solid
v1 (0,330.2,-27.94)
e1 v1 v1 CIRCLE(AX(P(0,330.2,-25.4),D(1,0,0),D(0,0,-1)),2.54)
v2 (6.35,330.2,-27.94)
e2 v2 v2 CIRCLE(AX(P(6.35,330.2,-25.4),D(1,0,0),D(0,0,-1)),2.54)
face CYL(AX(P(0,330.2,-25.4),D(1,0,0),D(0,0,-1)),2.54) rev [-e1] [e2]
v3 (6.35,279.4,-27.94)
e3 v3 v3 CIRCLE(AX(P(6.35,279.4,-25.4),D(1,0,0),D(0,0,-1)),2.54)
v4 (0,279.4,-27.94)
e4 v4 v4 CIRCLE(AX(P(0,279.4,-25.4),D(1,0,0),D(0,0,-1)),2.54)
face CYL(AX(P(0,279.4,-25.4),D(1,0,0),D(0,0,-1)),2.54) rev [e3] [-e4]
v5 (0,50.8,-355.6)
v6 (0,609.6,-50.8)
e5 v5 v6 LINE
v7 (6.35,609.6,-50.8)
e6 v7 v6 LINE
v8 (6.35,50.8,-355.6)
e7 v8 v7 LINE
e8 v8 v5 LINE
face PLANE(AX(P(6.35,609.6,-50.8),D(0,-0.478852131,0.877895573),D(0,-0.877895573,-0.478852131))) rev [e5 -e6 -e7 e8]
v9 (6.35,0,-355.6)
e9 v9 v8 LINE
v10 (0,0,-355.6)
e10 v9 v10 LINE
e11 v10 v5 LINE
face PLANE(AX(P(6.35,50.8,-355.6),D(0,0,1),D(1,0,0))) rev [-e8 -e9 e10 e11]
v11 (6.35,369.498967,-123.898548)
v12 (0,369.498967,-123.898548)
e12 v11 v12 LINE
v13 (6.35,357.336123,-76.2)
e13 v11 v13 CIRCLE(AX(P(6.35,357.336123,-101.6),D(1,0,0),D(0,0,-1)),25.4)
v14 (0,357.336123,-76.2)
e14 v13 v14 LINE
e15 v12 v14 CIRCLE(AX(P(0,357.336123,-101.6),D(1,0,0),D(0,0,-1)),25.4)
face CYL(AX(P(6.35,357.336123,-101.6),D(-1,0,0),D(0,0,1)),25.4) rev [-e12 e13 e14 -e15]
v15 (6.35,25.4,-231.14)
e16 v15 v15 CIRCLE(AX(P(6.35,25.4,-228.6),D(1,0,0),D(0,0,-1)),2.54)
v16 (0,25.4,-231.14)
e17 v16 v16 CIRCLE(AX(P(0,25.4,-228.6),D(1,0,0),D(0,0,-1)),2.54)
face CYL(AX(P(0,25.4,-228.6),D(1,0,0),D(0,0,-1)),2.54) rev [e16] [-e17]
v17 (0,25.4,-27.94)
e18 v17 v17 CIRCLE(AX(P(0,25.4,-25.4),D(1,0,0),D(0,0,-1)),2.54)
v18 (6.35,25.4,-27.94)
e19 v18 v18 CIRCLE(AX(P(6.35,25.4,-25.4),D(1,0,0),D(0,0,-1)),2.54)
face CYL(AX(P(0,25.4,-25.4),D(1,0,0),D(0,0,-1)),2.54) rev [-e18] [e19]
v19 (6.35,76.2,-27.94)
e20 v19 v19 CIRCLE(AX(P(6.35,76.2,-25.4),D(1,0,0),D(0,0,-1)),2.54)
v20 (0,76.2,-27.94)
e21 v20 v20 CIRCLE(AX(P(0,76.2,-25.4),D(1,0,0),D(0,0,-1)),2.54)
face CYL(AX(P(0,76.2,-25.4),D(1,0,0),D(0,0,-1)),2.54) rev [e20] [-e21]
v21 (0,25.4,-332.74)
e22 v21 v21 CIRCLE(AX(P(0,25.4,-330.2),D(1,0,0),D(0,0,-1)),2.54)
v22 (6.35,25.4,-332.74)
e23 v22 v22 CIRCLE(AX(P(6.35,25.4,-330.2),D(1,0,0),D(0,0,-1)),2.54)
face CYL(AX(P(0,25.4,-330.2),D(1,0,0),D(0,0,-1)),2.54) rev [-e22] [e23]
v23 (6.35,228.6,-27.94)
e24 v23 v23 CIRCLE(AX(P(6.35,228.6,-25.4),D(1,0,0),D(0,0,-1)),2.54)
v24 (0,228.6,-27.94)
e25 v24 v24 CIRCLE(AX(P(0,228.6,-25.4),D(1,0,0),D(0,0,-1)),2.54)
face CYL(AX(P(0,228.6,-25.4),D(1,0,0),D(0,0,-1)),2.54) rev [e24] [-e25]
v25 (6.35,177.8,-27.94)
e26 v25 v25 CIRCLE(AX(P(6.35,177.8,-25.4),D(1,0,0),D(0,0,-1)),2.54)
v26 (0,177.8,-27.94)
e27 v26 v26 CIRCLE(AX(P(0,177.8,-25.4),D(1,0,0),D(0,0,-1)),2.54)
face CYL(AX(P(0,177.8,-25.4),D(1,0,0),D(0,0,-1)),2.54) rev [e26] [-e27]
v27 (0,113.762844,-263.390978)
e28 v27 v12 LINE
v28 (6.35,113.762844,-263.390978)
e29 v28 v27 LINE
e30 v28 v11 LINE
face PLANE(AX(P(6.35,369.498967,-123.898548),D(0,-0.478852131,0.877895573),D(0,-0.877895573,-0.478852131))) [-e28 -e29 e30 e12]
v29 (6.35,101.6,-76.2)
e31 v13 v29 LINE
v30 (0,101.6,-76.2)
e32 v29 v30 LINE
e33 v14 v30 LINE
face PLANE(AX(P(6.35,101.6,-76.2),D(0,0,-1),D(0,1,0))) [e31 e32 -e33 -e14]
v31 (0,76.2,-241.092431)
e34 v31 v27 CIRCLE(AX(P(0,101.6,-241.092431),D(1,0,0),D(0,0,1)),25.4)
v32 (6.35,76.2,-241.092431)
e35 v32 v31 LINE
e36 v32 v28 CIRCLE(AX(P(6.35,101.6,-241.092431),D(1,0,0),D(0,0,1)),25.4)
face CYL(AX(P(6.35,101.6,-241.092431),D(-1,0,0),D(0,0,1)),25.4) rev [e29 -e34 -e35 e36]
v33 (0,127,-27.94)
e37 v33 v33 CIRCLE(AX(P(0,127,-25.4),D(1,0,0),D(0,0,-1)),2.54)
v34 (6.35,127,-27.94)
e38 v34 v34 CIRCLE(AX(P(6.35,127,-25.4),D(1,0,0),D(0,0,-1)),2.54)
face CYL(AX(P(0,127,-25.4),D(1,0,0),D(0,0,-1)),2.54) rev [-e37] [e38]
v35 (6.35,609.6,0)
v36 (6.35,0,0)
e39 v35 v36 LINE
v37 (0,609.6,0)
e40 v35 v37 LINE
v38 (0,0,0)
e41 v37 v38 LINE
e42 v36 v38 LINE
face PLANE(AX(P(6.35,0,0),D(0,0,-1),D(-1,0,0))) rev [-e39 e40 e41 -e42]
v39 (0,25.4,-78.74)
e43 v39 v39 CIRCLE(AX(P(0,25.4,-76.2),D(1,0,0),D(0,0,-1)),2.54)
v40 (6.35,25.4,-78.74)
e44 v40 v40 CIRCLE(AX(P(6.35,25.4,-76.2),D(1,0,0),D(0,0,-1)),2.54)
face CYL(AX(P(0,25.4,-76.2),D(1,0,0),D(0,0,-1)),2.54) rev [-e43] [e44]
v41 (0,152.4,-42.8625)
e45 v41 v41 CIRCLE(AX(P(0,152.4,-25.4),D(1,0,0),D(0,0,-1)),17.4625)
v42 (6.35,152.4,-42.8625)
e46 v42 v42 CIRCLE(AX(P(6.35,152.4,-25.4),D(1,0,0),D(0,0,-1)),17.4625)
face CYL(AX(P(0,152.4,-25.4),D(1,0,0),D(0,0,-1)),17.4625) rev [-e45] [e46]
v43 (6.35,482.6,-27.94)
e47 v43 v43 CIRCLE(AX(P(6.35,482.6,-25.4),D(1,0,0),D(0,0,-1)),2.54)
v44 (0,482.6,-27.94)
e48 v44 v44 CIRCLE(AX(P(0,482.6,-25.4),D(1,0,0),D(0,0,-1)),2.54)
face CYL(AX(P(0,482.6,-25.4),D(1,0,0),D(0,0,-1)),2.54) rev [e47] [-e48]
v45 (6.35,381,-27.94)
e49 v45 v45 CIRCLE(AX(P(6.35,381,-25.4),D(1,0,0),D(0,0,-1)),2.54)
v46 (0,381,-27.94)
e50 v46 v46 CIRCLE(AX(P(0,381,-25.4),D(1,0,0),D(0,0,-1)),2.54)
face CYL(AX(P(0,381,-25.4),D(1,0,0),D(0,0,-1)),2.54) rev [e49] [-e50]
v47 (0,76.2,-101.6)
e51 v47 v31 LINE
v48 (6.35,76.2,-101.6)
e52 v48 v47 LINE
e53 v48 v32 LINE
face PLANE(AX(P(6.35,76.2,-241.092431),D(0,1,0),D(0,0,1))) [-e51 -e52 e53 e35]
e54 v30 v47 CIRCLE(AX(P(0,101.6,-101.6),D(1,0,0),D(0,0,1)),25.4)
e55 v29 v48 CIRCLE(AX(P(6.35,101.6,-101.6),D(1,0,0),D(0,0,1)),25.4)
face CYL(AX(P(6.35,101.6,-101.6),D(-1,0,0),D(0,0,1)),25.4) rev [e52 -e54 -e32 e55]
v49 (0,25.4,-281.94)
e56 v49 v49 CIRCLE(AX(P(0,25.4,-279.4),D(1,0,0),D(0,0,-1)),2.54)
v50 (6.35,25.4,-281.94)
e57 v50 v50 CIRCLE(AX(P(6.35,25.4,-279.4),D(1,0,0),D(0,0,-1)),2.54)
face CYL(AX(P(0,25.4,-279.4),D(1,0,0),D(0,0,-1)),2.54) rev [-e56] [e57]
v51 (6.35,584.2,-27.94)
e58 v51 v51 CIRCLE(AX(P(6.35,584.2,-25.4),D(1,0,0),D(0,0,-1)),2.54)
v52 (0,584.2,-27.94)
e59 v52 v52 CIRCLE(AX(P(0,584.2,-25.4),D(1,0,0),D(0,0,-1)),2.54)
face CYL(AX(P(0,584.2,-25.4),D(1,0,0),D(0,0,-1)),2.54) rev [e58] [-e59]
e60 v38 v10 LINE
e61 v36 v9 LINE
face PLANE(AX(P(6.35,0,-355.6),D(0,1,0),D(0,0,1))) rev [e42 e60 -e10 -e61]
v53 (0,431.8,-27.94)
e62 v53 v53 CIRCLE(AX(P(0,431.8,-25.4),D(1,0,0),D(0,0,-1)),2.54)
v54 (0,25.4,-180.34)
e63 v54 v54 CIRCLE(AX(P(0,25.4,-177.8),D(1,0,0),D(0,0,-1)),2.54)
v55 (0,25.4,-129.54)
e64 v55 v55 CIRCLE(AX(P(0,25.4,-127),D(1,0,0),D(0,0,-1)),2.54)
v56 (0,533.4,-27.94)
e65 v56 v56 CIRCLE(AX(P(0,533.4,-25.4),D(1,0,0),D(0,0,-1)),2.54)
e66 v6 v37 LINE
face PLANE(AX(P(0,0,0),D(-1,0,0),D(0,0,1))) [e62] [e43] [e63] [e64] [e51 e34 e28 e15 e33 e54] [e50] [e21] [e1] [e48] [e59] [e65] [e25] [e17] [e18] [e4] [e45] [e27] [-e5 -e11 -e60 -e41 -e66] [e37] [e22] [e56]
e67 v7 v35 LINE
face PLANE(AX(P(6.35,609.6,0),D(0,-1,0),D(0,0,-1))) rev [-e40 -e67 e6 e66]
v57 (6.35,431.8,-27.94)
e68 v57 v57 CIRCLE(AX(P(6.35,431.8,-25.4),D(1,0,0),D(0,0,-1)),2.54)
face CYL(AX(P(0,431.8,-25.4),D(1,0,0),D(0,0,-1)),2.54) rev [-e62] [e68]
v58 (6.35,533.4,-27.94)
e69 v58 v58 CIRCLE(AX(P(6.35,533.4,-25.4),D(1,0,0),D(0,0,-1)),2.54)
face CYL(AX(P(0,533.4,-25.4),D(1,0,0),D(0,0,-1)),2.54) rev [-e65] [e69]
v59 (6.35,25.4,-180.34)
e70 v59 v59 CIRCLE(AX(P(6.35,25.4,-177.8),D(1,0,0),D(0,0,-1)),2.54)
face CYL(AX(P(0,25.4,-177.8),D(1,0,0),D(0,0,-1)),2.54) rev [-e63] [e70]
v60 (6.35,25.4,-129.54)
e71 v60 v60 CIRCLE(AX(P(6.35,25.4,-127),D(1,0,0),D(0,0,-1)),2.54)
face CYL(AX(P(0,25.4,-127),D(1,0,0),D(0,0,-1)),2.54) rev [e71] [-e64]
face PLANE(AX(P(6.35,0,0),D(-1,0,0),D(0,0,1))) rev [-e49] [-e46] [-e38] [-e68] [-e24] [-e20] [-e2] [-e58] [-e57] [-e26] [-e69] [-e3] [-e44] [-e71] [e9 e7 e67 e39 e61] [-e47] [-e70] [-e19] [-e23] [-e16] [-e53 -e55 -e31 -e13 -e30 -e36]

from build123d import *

# Parameters (mm, degrees)
BOSS_EXTRUDE1_DEPTH = 6.35
SKETCH2_R           = 17.4625
SKETCH2_R_2         = 2.54
CUT_EXTRUDE1_DEPTH  = 706.764721773


with BuildPart() as part:
    # Sketch1 → Boss-Extrude1 (new body)
    with BuildSketch(Plane(origin=(0, 0, 0), x_dir=(0, 0, -1), z_dir=(1, 0, 0))):
        Polygon((0, 0), (0, 609.6), (50.8, 609.6), (355.6, 50.8), (355.6, 0), align=None)
        with BuildLine():
            Line((76.2, 101.6), (76.2, 357.336122773))
            ThreePointArc((76.2, 357.336122773), (95.323978482, 381.948549591), (123.898547552, 369.498966892))
            Line((123.898547552, 369.498966892), (263.390978155, 113.762844119))
            ThreePointArc((263.390978155, 113.762844119), (262.933861882, 88.634203469), (241.092430603, 76.2))
            Line((241.092430603, 76.2), (101.6, 76.2))
            ThreePointArc((101.6, 76.2), (83.639487758, 83.639487758), (76.2, 101.6))
        make_face(mode=Mode.SUBTRACT)
    extrude(amount=BOSS_EXTRUDE1_DEPTH)

    # Sketch2 → Cut-Extrude1 (cut, through all)
    with BuildSketch(Plane(origin=(6.35, 0, 0), x_dir=(0, 0, -1), z_dir=(1, 0, 0))):
        with Locations((25.4, 152.4)):
            Circle(SKETCH2_R)
        with Locations((25.4, 25.4)):
            Circle(SKETCH2_R_2)
        with Locations((76.2, 25.4)):
            Circle(SKETCH2_R_2)
        with Locations((127, 25.4)):
            Circle(SKETCH2_R_2)
        with Locations((177.8, 25.4)):
            Circle(SKETCH2_R_2)
        with Locations((228.6, 25.4)):
            Circle(SKETCH2_R_2)
        with Locations((279.4, 25.4)):
            Circle(SKETCH2_R_2)
        with Locations((25.4, 76.2)):
            Circle(SKETCH2_R_2)
        with Locations((330.2, 25.4)):
            Circle(SKETCH2_R_2)
        with Locations((25.4, 127)):
            Circle(SKETCH2_R_2)
        with Locations((25.4, 177.8)):
            Circle(SKETCH2_R_2)
        with Locations((25.4, 228.6)):
            Circle(SKETCH2_R_2)
        with Locations((25.4, 279.4)):
            Circle(SKETCH2_R_2)
        with Locations((25.4, 330.2)):
            Circle(SKETCH2_R_2)
        with Locations((25.4, 381)):
            Circle(SKETCH2_R_2)
        with Locations((25.4, 431.8)):
            Circle(SKETCH2_R_2)
        with Locations((25.4, 482.6)):
            Circle(SKETCH2_R_2)
        with Locations((25.4, 533.4)):
            Circle(SKETCH2_R_2)
        with Locations((25.4, 584.2)):
            Circle(SKETCH2_R_2)
    extrude(amount=-CUT_EXTRUDE1_DEPTH, mode=Mode.SUBTRACT)


solid = part.part
